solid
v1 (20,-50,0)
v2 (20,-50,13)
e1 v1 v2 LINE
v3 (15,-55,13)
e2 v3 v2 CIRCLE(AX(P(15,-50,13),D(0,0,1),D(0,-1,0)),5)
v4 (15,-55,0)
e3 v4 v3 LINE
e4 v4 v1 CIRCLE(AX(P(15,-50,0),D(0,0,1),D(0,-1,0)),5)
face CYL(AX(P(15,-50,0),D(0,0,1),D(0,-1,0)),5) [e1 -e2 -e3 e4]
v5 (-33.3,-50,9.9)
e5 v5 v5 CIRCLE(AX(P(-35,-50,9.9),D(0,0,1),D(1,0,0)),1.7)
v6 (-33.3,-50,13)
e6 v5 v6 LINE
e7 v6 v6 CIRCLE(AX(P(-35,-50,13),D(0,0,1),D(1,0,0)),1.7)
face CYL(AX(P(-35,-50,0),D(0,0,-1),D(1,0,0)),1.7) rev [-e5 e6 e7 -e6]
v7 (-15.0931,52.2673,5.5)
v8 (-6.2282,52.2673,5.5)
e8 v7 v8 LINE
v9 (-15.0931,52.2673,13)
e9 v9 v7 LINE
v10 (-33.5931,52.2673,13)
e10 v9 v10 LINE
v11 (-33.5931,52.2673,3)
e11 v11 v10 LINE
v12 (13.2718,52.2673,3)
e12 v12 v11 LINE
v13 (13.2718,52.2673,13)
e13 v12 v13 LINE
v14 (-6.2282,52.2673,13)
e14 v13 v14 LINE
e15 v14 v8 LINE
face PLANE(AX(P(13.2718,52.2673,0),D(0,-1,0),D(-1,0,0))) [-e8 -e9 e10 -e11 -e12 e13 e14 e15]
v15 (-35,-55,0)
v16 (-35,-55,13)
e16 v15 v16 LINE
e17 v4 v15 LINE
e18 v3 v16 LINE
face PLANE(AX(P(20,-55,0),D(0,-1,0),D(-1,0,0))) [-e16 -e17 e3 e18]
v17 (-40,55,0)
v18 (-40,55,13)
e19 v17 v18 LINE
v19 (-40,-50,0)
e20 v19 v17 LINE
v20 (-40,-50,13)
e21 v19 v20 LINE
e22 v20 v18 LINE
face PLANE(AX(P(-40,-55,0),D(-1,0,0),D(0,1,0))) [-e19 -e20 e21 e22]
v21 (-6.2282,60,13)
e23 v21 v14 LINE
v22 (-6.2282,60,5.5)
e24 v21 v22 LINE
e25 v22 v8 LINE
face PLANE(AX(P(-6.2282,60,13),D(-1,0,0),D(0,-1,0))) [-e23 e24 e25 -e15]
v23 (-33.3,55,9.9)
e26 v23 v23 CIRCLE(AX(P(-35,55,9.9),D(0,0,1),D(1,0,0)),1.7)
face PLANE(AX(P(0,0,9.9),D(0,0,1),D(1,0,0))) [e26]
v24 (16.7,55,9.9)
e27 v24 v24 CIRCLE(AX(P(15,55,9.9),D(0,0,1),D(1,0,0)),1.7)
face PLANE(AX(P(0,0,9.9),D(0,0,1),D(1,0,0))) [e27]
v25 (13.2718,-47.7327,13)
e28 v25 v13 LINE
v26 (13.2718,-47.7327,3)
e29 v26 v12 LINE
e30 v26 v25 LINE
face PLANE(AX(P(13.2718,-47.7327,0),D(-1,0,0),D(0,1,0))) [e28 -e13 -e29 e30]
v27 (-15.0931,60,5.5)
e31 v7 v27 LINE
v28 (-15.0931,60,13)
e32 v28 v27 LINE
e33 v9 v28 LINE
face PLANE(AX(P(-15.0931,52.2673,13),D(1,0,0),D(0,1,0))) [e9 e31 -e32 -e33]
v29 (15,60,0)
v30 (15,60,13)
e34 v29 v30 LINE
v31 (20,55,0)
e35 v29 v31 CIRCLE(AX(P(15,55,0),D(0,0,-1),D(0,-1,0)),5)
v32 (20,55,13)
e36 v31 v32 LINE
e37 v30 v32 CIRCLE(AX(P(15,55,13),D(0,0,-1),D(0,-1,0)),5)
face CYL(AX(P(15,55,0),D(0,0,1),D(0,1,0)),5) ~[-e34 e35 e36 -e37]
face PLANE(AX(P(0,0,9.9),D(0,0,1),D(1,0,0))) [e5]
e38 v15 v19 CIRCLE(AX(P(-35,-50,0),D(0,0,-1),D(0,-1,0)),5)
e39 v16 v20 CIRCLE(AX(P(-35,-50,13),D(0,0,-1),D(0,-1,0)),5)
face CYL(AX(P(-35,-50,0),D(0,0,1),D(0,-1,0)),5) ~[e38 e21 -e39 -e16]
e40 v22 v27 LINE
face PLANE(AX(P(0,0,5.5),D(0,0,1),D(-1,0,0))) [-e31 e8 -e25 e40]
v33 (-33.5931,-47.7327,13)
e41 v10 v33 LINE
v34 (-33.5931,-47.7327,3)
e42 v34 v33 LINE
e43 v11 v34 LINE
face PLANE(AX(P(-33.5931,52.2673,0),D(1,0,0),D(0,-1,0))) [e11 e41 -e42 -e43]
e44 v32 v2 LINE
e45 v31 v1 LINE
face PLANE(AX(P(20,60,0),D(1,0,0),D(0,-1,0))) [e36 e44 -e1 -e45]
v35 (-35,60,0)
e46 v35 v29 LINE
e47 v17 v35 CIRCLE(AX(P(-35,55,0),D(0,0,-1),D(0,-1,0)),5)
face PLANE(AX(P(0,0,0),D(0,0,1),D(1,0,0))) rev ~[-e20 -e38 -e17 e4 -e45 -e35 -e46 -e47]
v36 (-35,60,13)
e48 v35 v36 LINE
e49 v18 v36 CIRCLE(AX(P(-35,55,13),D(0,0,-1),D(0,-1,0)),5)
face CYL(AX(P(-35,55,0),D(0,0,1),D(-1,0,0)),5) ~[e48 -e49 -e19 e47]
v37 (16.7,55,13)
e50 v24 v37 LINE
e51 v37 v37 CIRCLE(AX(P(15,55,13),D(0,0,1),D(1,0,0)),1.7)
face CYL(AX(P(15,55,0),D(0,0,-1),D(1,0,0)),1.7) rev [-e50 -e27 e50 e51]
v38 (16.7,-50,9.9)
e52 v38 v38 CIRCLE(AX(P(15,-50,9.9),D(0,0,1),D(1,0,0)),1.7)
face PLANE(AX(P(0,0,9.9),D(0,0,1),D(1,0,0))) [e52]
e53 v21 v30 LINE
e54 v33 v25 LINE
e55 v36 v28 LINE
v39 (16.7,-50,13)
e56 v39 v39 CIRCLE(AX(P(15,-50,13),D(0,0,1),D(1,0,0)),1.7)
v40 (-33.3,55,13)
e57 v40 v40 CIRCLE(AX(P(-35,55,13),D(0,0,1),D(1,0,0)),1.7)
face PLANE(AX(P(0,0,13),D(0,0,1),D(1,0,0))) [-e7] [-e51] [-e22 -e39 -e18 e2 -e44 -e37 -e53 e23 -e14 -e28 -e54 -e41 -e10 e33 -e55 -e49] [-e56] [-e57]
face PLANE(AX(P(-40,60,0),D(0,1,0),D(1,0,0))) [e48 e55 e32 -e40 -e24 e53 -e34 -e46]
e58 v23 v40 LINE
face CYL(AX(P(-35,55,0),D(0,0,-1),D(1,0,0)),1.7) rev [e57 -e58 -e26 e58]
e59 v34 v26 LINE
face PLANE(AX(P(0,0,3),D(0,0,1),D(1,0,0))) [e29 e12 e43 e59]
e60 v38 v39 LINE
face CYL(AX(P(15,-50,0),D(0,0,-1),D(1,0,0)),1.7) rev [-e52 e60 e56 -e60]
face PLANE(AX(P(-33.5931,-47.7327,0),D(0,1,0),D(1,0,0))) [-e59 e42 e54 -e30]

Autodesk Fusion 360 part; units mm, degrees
sketch "Esboço1" plane through (0, 0, 0) normal (0, 0, 1) x (1, 0, 0) in component "Case"
sketch "Esboço1 (2)" plane through (0, 0, 0) normal (0, 0, 1) x (1, 0, 0) in component "Component"
  line L0 (-33.5931, -47.7327) -> (13.2718, -47.7327)
  line L1 (13.2718, -47.7327) -> (13.2718, 52.2673)
  line L2 (13.2718, 52.2673) -> (-33.5931, 52.2673)
  line L3 (-33.5931, 52.2673) -> (-33.5931, -47.7327)
  line L4 (-40, 60) -> (20, 60)
  line L5 (20, 60) -> (20, -55)
  line L6 (20, -55) -> (-40, -55)
  line L7 (-40, -55) -> (-40, 60)
  circle A0 centre (-35, -50) radius 1.7
  circle A1 centre (15, -50) radius 1.7
  circle A2 centre (-35, 55) radius 1.7
  circle A3 centre (15, 55) radius 1.7
  dimension "d1" = 100
  dimension "d2" = 46.8649
  dimension "d5" = 5
  dimension "d6" = 5
  dimension "d7" = 5
  dimension "d8" = 5
  dimension "d9" = 5
  dimension "d10" = 5
  dimension "d11" = 5
  dimension "d12" = 5
  dimension "d13" = 60
  dimension "d14" = 115
extrude "Extrusão1" add sketch "Esboço1 (2)" along normal blind 9.9 contours A0 | A1 | A2 | A3 makes body 1 at (-35.7756, -48.4872, 6.6) makes body 2 at (-35.7756, 56.5128, 6.6) makes body 3 at (16.5665, -49.3397, 6.6) makes body 4 at (16.5665, 55.6603, 6.6) in component "Component"
extrude "Extrusão2" add sketch "Esboço1 (2)" along normal blind 13 bodies 1 2 3 4 in component "Component"
extrude "Extrusão3" add sketch "Esboço1 (2)" along normal blind 3 contours L0 L1 L2 L3 bodies 1 in component "Component"
sketch "Esboço2" plane through (0, 0, 13) normal (0, 0, 1) x (-1, 0, 0) in component "Component"
  circle A0 centre (-15, -55) radius 1.7
  line L0 (33.5931, 47.7327) -> (33.5931, -52.2673)
  line L1 (33.5931, -52.2673) -> (-13.2718, -52.2673)
  line L2 (-13.2718, -52.2673) -> (-13.2718, 47.7327)
  line L3 (-13.2718, 47.7327) -> (33.5931, 47.7327)
  circle A1 centre (35, 50) radius 1.7
  circle A2 centre (-15, 50) radius 1.7
  circle A3 centre (35, -55) radius 1.7
  line L4 (40, 55) -> (-20, 55)
  line L5 (-20, 55) -> (-20, -60)
  line L6 (-20, -60) -> (40, -60)
  line L7 (40, -60) -> (40, 55)
  line L8 (15.0931, -60) -> (6.2282, -60)
  line L9 (6.2282, -60) -> (6.2282, -52.2673)
  line L10 (6.2282, -52.2673) -> (15.0931, -52.2673)
  line L11 (15.0931, -52.2673) -> (15.0931, -60)
  dimension "d21" = 18.5
  dimension "d22" = 19.5
extrude "Extrusão4" cut sketch "Esboço2" against normal blind 7.5 contours L1 L6 L8 L9 L10 L11 bodies 1 in component "Component"
fillet "Arredondamento1" radius 5 1 edges at (20, -55, 6.5) on bodies 1 in component "Component"
fillet "Arredondamento2" radius 5 1 edges at (-40, -55, 6.5) on bodies 1 in component "Component"
fillet "Arredondamento3" radius 5 1 edges at (-40, 60, 6.5) on bodies 1 in component "Component"
fillet "Arredondamento4" radius 5 1 edges at (20, 60, 6.5) on bodies 1 in component "Component"
component "Case" placed x (1, 0, 0) y (0, 1, 0) z (0, 0, 1) at (0, 0, 0)
component "Component" placed x (1, 0, 0) y (0, 1, 0) z (0, 0, 1) at (0, 0, 0) in component "Case"
